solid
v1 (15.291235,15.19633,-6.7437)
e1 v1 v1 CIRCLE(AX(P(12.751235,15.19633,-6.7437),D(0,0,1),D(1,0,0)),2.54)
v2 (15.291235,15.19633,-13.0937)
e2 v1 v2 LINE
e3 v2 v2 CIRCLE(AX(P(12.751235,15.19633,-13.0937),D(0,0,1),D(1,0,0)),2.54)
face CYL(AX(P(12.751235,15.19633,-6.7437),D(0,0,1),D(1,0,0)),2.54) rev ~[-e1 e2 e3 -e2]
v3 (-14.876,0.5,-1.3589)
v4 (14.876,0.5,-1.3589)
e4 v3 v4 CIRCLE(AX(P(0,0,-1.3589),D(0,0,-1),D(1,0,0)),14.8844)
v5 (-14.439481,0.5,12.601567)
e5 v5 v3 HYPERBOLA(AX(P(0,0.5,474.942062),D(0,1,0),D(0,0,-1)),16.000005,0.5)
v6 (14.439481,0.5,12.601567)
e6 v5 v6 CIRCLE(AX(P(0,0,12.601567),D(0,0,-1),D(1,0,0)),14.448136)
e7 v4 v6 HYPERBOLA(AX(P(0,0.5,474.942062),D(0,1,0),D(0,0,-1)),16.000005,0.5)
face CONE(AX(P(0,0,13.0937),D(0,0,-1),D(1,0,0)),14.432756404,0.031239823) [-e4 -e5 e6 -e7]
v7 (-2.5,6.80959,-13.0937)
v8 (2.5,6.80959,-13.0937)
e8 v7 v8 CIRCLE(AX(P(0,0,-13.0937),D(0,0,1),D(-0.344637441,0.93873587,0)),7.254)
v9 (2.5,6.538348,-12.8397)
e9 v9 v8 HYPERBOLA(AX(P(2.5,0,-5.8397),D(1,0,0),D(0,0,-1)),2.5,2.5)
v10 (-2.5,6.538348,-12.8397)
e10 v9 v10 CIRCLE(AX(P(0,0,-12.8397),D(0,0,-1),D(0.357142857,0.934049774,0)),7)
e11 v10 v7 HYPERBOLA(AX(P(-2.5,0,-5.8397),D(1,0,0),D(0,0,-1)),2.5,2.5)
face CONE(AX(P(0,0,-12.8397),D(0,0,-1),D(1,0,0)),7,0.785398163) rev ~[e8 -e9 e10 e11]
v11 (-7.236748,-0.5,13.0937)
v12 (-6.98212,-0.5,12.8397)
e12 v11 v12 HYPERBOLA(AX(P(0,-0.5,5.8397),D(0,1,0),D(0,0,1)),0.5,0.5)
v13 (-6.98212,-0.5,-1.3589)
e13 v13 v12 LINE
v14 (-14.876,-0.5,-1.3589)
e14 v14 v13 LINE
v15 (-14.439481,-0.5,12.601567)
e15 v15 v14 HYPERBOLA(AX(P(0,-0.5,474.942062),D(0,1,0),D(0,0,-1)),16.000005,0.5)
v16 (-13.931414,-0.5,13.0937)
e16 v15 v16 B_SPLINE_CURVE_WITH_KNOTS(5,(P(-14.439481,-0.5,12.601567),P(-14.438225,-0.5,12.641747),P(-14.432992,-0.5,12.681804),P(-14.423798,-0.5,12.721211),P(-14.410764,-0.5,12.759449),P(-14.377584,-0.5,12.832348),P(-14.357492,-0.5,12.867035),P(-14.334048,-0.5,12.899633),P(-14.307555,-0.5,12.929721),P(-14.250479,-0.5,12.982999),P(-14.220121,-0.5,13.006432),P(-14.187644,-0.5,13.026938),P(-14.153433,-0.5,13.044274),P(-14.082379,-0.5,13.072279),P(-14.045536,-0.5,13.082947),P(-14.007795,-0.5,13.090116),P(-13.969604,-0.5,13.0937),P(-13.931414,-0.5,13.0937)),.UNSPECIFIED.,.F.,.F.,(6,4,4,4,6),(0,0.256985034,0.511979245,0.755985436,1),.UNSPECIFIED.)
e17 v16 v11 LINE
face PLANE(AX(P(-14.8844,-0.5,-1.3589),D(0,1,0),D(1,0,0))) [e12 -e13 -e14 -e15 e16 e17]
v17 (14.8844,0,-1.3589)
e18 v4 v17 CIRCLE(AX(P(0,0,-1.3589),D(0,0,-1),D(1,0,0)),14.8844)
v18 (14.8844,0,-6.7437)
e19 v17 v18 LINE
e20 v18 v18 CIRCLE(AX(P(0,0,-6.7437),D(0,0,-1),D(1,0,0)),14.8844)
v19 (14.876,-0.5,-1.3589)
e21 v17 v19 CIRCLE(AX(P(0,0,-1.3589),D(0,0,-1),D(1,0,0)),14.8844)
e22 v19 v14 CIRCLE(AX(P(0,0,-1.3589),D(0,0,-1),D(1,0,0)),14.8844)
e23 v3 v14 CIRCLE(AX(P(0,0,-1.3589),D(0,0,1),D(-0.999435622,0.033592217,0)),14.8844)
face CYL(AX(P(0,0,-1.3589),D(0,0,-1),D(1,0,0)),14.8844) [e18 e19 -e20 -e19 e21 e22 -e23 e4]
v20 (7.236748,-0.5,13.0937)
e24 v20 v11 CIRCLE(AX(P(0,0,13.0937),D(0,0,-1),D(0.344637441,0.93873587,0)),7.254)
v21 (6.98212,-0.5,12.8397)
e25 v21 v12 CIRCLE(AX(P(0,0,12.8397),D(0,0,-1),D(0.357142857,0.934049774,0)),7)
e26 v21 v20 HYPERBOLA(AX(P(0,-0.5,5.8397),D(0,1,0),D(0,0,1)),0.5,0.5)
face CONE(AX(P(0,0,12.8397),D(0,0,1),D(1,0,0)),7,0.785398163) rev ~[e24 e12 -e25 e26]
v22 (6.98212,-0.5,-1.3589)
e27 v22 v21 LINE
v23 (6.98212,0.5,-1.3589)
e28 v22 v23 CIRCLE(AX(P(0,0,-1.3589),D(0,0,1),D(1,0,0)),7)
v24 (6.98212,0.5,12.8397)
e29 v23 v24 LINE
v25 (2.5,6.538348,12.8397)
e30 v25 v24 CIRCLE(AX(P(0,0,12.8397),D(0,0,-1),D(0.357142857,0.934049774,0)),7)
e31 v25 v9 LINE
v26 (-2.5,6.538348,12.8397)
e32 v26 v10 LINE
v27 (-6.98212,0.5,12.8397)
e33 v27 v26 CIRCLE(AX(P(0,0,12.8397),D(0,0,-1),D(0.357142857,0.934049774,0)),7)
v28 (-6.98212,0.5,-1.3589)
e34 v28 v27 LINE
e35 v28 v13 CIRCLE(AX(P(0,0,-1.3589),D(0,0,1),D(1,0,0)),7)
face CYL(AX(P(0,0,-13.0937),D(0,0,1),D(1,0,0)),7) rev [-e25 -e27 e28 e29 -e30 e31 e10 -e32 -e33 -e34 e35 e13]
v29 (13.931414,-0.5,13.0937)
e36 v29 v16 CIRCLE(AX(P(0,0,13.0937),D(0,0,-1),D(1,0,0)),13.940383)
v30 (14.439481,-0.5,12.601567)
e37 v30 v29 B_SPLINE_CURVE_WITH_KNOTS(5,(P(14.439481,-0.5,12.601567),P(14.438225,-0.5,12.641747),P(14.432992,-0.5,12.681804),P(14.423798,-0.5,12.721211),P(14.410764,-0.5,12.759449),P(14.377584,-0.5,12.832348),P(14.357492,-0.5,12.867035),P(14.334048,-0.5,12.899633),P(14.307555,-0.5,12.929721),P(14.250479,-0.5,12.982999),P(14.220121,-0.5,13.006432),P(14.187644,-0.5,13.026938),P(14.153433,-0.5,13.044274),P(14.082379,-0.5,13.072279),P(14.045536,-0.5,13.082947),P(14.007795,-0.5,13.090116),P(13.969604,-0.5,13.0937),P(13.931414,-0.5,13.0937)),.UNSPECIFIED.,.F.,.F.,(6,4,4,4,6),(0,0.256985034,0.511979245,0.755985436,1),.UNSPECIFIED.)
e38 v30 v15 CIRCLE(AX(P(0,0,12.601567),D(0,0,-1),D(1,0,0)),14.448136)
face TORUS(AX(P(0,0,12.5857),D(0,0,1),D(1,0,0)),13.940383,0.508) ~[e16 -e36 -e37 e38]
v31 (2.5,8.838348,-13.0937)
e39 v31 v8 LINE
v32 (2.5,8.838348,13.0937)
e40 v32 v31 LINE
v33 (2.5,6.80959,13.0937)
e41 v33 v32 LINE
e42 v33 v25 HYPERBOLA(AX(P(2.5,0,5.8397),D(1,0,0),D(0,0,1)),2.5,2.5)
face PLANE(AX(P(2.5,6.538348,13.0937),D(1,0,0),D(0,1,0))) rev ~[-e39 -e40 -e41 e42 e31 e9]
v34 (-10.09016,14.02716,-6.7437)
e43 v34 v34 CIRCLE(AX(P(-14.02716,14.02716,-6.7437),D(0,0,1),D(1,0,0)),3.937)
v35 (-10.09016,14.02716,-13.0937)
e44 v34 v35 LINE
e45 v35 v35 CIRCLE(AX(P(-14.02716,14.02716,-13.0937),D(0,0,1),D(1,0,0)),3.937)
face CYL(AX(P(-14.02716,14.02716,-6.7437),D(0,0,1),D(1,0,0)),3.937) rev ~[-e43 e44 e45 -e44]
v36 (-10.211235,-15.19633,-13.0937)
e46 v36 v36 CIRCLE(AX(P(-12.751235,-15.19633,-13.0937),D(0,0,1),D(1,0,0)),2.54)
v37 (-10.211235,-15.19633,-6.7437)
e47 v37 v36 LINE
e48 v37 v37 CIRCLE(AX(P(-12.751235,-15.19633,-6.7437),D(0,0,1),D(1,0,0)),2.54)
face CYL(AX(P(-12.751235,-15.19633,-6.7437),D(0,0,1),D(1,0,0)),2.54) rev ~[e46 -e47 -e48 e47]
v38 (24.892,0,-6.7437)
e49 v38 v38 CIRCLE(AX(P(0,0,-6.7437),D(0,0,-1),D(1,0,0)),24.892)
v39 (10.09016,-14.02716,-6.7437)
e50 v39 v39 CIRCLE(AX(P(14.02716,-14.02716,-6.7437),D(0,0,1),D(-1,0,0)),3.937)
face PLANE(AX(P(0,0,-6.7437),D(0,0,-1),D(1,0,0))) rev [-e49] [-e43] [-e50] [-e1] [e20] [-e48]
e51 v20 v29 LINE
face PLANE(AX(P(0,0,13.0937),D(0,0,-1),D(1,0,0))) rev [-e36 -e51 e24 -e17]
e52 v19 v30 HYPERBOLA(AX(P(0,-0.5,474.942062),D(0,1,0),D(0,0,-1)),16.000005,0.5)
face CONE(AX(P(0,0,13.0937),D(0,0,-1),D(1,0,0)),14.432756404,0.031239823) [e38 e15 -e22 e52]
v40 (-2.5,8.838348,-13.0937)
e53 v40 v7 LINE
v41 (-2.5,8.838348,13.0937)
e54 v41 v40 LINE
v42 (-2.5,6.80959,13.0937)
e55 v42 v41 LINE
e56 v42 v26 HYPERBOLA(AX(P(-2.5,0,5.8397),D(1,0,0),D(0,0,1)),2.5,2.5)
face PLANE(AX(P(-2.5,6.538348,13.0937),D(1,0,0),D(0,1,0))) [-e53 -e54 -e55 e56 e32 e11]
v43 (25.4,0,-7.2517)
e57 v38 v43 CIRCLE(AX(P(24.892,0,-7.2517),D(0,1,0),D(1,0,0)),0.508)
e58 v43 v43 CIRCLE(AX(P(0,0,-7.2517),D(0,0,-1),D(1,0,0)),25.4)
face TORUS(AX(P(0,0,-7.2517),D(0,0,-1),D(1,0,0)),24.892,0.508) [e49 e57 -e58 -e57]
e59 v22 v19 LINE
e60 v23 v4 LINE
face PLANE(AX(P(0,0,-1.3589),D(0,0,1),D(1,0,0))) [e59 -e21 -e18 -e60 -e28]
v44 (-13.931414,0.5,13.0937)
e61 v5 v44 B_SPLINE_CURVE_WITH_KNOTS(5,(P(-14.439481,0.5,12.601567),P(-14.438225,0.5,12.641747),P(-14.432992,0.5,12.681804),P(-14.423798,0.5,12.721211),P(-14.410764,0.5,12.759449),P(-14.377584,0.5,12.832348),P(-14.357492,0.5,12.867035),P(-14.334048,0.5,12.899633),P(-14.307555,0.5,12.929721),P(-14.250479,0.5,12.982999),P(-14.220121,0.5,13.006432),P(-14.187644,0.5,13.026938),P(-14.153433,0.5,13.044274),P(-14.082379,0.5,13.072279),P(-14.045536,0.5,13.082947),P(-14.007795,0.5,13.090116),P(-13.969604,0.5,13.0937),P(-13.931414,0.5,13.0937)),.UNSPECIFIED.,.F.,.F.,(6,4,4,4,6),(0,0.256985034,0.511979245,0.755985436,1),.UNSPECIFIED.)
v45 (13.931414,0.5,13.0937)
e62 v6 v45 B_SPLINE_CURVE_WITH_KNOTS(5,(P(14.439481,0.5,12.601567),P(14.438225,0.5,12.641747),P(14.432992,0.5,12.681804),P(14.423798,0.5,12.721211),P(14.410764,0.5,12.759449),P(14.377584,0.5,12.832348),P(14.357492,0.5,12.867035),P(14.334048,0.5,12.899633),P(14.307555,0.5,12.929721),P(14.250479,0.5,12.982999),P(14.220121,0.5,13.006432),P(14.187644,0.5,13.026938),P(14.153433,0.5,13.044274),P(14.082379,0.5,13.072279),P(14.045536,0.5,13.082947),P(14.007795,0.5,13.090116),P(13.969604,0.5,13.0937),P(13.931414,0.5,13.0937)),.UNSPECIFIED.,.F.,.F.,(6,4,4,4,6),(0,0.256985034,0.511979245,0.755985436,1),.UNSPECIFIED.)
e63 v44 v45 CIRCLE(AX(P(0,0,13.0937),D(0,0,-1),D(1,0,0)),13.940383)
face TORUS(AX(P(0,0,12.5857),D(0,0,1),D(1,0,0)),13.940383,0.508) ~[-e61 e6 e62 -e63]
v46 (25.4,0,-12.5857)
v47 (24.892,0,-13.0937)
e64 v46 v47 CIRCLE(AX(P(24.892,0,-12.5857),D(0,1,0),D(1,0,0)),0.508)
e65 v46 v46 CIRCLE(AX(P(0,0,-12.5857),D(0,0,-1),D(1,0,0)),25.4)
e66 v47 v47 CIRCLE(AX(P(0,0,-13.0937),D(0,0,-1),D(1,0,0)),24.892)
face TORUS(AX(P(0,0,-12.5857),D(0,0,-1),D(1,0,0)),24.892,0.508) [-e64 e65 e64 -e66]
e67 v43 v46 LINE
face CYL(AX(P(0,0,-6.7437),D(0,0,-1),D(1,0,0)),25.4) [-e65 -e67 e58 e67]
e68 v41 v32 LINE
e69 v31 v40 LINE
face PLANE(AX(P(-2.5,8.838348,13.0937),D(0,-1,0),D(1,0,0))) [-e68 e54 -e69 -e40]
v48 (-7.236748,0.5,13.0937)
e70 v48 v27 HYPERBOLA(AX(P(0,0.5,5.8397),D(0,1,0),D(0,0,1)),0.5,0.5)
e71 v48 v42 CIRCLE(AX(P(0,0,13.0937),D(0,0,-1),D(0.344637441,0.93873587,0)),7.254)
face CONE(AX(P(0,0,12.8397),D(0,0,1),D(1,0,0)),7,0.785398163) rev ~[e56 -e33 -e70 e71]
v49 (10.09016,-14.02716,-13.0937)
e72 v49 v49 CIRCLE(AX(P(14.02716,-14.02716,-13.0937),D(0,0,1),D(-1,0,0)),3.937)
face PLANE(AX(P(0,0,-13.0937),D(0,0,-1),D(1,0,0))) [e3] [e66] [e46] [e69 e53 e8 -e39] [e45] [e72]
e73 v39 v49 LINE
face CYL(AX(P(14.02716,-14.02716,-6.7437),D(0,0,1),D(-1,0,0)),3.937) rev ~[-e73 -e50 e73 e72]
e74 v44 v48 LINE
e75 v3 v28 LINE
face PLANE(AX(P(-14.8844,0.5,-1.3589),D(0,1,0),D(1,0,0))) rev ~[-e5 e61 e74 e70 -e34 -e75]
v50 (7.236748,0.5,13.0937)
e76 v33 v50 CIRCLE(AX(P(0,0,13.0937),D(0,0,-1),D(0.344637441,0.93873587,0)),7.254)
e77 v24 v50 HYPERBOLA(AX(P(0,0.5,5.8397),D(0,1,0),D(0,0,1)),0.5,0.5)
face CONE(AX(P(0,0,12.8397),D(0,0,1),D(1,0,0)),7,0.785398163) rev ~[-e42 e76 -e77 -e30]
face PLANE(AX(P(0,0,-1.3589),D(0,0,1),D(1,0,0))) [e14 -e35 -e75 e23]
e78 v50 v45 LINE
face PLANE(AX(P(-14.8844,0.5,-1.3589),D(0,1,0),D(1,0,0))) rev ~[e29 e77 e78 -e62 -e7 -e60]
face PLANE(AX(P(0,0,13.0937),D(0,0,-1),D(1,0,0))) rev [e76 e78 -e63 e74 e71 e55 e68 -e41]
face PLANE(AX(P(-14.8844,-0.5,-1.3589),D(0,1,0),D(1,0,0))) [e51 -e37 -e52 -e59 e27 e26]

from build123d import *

# Parameters (mm, degrees)
FILLET1_R                        = 0.508
FILLET2_R                        = 0.508
CHAMFER1_SIZE                    = 0.254
SKETCH19_R                       = 2.54
THREADED_HOLES_1_DEPTH           = 42.03464937
SKETCH22_R                       = 3.937
CLEARANCE_HOLES_DEPTH            = 42.03464937
CLEARANCE_HOLES_CIRPATTERN_COUNT = 2
SKETCH23_W                       = 5
SKETCH23_H                       = 2.3
CUT_EXTRUDE1_DEPTH               = 45.453345531
CUT_EXTRUDE2_START               = -14.4526
SKETCH24_W                       = 29.7688
SKETCH24_H                       = 1
CUT_EXTRUDE2_DEPTH               = 14.4526


with BuildPart() as part:
    # Sketch1 → Revolve1 (revolve)
    with BuildSketch(Plane(origin=(0, 0, 0), x_dir=(0, 0, -1), z_dir=(1, 0, 0)), mode=Mode.PRIVATE) as revolve1_sk:
        Polygon((-13.0937, 7), (-13.0937, 14.432756404), (1.3589, 14.8844), (6.7437, 14.8844), (6.7437, 25.4), (13.0937, 25.4), (13.0937, 7), align=None)
    revolve(revolve1_sk.sketch.rotate(Axis((0, 0, 13.0937), (0, 0, -1)), 90), axis=Axis((0, 0, 13.0937), (0, 0, -1)))

    # Fillet1
    fillet1_edges = [part.edges().sort_by_distance(p)[0] for p in [
        (-25.4, 0, -13.0937),
        (-25.4, 0, -6.7437),
    ]]
    fillet(fillet1_edges, radius=FILLET1_R)

    # Fillet2
    fillet2_edges = [part.edges().sort_by_distance(p)[0] for p in [
        (-14.432756404, 0, 13.0937),
    ]]
    fillet(fillet2_edges, radius=FILLET2_R)

    # Chamfer1
    chamfer1_edges = [part.edges().sort_by_distance(p)[0] for p in [
        (-7, 0, -13.0937),
        (-7, 0, 13.0937),
    ]]
    chamfer(chamfer1_edges, length=CHAMFER1_SIZE)

    # Sketch19 → Threaded holes 1 (cut, through all)
    with BuildSketch(Plane.XY.offset(-6.7437)):
        with Locations((12.751234928, 15.196330036)):
            Circle(SKETCH19_R)
        with Locations((-12.751234928, -15.196330036)):
            Circle(SKETCH19_R)
    extrude(amount=-THREADED_HOLES_1_DEPTH, mode=Mode.SUBTRACT)

    # Sketch22 → Clearance holes (cut, through all)
    with BuildSketch(Plane.XY.offset(-6.7437)):
        with Locations((-14.027160061, 14.027160061)):
            Circle(SKETCH22_R)
    clearance_holes = extrude(amount=-CLEARANCE_HOLES_DEPTH, mode=Mode.SUBTRACT)

    # Clearance holes CirPattern: Clearance holes ×2 about axis
    clearance_holes_cirpattern_axis = Axis((0, 0, 0), (0, 0, 1))
    for i in range(1, CLEARANCE_HOLES_CIRPATTERN_COUNT):
        add(clearance_holes.rotate(clearance_holes_cirpattern_axis, i * 360 / CLEARANCE_HOLES_CIRPATTERN_COUNT), mode=Mode.SUBTRACT)

    # Sketch23 → Cut-Extrude1 (cut, through all)
    with BuildSketch(Plane.XY.offset(13.0937)):
        with Locations((0, 7.688348415)):
            Rectangle(SKETCH23_W, SKETCH23_H)
    extrude(amount=-CUT_EXTRUDE1_DEPTH, mode=Mode.SUBTRACT)

    # Sketch24 → Cut-Extrude2 (cut)
    with BuildSketch(Plane.XY.offset(13.0937).offset(CUT_EXTRUDE2_START)):
        Rectangle(SKETCH24_W, SKETCH24_H)
    extrude(amount=CUT_EXTRUDE2_DEPTH, mode=Mode.SUBTRACT)


solid = part.part
